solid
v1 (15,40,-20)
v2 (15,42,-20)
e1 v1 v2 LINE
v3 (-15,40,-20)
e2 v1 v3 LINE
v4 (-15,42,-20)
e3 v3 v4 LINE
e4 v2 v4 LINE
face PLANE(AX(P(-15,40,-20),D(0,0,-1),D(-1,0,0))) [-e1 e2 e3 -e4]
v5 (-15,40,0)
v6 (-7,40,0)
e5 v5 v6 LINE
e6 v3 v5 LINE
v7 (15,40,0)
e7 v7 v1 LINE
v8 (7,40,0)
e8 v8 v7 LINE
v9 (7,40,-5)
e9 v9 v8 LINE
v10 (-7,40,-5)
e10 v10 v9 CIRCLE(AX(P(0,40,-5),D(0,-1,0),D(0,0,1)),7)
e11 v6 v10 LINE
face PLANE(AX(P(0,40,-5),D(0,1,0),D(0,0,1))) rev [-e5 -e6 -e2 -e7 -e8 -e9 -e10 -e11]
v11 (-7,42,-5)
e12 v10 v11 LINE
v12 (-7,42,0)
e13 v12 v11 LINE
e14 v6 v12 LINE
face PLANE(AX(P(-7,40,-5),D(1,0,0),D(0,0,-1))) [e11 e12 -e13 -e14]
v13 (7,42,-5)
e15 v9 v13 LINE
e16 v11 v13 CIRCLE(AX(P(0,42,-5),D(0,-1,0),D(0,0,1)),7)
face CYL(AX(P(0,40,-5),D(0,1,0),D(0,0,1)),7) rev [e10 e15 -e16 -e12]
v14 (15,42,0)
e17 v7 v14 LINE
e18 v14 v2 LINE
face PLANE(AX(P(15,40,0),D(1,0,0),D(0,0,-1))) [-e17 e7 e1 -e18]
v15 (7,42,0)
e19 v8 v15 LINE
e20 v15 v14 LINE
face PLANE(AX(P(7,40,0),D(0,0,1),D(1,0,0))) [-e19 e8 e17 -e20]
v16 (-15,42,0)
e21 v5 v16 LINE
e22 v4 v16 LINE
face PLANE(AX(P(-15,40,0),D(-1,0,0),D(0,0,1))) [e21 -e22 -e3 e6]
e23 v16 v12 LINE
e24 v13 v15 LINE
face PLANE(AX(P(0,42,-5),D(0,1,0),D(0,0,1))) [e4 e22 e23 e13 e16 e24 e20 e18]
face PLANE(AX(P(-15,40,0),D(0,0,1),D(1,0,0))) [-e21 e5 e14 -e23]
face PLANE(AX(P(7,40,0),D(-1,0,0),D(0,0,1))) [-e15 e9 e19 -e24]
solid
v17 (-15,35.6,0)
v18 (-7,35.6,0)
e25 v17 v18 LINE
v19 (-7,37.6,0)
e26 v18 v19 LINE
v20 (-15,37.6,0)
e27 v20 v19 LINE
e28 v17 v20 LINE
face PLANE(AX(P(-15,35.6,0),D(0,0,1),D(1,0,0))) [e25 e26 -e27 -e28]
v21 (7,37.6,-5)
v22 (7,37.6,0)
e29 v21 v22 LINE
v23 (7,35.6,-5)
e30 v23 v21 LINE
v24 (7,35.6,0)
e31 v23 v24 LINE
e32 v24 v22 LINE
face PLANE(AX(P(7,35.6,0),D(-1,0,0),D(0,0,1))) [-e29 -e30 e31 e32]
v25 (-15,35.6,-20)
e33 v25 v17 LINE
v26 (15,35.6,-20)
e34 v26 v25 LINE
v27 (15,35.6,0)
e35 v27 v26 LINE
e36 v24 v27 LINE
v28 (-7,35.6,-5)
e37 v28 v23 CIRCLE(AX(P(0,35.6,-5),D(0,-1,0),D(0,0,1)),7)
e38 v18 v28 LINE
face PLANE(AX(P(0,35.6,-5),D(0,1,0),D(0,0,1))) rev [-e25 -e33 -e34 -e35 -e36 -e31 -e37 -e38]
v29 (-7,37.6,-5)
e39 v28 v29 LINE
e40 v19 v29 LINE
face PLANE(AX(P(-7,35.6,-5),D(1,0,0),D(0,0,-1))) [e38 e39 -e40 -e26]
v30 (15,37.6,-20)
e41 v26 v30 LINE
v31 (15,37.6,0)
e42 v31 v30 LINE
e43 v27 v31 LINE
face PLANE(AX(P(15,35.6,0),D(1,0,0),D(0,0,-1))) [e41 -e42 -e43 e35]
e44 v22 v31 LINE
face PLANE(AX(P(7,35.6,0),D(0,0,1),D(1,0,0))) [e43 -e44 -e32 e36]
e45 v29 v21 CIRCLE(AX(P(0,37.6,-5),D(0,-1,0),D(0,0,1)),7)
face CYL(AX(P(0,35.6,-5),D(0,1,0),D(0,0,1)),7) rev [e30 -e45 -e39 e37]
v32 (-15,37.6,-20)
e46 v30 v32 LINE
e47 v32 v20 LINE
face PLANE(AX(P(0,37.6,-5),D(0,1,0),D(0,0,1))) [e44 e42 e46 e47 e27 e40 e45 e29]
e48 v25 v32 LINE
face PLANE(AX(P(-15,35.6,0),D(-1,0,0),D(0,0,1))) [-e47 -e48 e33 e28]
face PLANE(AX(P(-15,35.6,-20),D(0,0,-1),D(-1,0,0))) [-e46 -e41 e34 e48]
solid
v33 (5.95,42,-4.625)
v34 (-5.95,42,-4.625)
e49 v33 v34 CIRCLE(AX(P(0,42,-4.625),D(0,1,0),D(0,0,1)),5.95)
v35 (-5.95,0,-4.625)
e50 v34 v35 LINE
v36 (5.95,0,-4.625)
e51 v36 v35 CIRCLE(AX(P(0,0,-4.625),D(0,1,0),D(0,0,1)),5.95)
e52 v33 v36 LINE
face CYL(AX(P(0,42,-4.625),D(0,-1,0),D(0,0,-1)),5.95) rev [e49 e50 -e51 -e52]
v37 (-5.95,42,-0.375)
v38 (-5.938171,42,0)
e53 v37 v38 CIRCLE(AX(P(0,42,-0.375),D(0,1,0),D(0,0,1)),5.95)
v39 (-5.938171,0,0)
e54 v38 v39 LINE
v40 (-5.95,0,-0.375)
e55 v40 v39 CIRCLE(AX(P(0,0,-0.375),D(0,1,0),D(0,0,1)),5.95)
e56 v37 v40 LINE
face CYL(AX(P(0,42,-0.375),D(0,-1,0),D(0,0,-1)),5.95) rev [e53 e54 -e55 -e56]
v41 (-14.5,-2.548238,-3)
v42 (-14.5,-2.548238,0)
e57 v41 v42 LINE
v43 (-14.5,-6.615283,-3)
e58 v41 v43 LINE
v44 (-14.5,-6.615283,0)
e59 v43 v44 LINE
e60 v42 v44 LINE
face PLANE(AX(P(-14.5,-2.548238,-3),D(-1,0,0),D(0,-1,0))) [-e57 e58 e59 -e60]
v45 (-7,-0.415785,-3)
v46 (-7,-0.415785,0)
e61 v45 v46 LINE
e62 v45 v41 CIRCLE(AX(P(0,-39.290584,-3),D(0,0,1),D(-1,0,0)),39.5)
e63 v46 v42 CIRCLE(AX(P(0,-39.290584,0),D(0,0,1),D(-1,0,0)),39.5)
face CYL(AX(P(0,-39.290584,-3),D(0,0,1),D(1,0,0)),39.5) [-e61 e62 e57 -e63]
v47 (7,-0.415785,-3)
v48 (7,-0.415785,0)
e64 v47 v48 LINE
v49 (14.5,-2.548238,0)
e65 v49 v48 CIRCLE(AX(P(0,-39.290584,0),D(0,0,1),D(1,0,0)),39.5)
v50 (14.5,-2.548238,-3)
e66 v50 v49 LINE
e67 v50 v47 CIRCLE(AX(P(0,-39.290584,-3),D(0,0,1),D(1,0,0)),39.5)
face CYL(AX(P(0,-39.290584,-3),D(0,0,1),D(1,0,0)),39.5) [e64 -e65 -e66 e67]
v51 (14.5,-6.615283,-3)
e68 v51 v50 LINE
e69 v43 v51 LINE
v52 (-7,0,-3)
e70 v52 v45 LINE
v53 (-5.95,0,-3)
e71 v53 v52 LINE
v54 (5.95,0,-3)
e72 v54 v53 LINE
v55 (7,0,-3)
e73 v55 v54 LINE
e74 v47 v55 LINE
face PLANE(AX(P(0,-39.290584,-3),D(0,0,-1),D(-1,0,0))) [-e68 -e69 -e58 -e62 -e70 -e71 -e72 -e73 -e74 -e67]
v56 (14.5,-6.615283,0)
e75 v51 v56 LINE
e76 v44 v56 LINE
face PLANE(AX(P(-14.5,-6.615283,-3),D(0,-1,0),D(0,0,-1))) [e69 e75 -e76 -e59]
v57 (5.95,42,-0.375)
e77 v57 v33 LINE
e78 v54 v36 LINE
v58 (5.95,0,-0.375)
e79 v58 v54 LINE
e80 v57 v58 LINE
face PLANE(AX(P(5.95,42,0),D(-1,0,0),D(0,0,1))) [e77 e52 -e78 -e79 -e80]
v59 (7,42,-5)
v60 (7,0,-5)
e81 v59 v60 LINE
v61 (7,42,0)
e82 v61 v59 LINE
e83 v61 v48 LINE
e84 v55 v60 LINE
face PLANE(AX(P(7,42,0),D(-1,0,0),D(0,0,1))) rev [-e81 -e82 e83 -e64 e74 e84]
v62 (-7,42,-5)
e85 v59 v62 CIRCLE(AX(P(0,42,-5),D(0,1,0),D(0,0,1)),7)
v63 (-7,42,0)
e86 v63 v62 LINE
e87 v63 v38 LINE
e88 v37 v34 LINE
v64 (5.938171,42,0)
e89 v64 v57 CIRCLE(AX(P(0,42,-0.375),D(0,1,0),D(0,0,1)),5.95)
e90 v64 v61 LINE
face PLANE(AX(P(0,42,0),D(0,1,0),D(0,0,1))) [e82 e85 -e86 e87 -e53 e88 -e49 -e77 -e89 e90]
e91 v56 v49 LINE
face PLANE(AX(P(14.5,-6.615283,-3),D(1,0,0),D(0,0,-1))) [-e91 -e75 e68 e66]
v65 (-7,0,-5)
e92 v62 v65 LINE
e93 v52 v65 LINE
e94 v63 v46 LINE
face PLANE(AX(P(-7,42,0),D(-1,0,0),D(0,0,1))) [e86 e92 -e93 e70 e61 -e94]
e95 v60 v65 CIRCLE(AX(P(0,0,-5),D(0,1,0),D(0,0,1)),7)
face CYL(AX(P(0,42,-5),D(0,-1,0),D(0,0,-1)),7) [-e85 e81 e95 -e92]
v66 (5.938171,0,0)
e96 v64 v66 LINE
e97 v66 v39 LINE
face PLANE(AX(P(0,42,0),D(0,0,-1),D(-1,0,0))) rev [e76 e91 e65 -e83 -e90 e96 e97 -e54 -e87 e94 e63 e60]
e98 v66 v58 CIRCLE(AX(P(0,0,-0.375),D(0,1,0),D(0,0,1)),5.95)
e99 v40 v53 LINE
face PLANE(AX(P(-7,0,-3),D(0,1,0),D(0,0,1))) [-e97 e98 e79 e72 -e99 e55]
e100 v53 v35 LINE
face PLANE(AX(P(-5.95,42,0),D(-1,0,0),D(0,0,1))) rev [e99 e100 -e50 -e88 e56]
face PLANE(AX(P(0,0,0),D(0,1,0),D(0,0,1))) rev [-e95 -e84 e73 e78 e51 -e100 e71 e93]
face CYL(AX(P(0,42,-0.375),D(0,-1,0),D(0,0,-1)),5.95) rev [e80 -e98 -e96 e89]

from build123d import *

# Parameters (mm, degrees)
BOSS_EXTRUDE1_DEPTH = 42
BOSS_EXTRUDE2_DEPTH = 2
BOSS_EXTRUDE3_DEPTH = 3
LPATTERN1_COUNT     = 2
LPATTERN1_PITCH     = 4.4


with BuildPart() as part:
    # Sketch1 → Boss-Extrude1 (new body)
    with BuildSketch(Plane(origin=(0, 0, 0), x_dir=(1, 0, 0), z_dir=(0, 1, 0))):
        with BuildLine():
            Line((-7, 5), (-7, 0))
            Line((-7, 0), (-5.938171015, 0))
            ThreePointArc((-5.938171015, 0), (-5.947042018, 0.18740674), (-5.95, 0.375))
            Line((-5.95, 0.375), (-5.95, 4.625))
            ThreePointArc((-5.95, 4.625), (0, 10.575), (5.95, 4.625))
            Line((5.95, 4.625), (5.95, 0.375))
            ThreePointArc((5.95, 0.375), (5.947042018, 0.18740674), (5.938171015, 0))
            Line((5.938171015, 0), (7, 0))
            Line((7, 0), (7, 5))
            ThreePointArc((7, 5), (0, 12), (-7, 5))
        make_face()
    extrude(amount=BOSS_EXTRUDE1_DEPTH)

    # Sketch3 → Boss-Extrude3 (add)
    with BuildSketch(Plane.XY):
        with BuildLine():
            Line((7, 0), (7, -0.415785079))
            ThreePointArc((7, -0.415785079), (10.802746819, -1.296496927), (14.5, -2.548237972))
            Line((14.5, -2.548237972), (14.5, -6.615283027))
            Line((14.5, -6.615283027), (-14.5, -6.615283027))
            Line((-14.5, -6.615283027), (-14.5, -2.548237972))
            ThreePointArc((-14.5, -2.548237972), (-10.802746819, -1.296496927), (-7, -0.415785079))
            Line((-7, -0.415785079), (-7, 0))
            Line((-7, 0), (7, 0))
        make_face()
    extrude(amount=-BOSS_EXTRUDE3_DEPTH)


with BuildPart() as body_2:
    # Sketch2 → Boss-Extrude2 (new body)
    with BuildSketch(Plane(origin=(0, 42, 0), x_dir=(1, 0, 0), z_dir=(0, 1, 0))):
        with BuildLine():
            Line((7, 0), (15, 0))
            Line((15, 0), (15, 20))
            Line((15, 20), (-15, 20))
            Line((-15, 20), (-15, 0))
            Line((-15, 0), (-7, 0))
            Line((-7, 0), (-7, 5))
            ThreePointArc((-7, 5), (0, 12), (7, 5))
            Line((7, 5), (7, 0))
        make_face()
    boss_extrude2 = extrude(amount=-BOSS_EXTRUDE2_DEPTH)


with BuildPart() as lpattern1_1:
    # LPattern1: Boss-Extrude2 ×2
    with Locations(*[(0, -i * LPATTERN1_PITCH, 0) for i in range(1, LPATTERN1_COUNT)]):
        add(boss_extrude2)


solid = Compound([part.part, body_2.part, lpattern1_1.part])
